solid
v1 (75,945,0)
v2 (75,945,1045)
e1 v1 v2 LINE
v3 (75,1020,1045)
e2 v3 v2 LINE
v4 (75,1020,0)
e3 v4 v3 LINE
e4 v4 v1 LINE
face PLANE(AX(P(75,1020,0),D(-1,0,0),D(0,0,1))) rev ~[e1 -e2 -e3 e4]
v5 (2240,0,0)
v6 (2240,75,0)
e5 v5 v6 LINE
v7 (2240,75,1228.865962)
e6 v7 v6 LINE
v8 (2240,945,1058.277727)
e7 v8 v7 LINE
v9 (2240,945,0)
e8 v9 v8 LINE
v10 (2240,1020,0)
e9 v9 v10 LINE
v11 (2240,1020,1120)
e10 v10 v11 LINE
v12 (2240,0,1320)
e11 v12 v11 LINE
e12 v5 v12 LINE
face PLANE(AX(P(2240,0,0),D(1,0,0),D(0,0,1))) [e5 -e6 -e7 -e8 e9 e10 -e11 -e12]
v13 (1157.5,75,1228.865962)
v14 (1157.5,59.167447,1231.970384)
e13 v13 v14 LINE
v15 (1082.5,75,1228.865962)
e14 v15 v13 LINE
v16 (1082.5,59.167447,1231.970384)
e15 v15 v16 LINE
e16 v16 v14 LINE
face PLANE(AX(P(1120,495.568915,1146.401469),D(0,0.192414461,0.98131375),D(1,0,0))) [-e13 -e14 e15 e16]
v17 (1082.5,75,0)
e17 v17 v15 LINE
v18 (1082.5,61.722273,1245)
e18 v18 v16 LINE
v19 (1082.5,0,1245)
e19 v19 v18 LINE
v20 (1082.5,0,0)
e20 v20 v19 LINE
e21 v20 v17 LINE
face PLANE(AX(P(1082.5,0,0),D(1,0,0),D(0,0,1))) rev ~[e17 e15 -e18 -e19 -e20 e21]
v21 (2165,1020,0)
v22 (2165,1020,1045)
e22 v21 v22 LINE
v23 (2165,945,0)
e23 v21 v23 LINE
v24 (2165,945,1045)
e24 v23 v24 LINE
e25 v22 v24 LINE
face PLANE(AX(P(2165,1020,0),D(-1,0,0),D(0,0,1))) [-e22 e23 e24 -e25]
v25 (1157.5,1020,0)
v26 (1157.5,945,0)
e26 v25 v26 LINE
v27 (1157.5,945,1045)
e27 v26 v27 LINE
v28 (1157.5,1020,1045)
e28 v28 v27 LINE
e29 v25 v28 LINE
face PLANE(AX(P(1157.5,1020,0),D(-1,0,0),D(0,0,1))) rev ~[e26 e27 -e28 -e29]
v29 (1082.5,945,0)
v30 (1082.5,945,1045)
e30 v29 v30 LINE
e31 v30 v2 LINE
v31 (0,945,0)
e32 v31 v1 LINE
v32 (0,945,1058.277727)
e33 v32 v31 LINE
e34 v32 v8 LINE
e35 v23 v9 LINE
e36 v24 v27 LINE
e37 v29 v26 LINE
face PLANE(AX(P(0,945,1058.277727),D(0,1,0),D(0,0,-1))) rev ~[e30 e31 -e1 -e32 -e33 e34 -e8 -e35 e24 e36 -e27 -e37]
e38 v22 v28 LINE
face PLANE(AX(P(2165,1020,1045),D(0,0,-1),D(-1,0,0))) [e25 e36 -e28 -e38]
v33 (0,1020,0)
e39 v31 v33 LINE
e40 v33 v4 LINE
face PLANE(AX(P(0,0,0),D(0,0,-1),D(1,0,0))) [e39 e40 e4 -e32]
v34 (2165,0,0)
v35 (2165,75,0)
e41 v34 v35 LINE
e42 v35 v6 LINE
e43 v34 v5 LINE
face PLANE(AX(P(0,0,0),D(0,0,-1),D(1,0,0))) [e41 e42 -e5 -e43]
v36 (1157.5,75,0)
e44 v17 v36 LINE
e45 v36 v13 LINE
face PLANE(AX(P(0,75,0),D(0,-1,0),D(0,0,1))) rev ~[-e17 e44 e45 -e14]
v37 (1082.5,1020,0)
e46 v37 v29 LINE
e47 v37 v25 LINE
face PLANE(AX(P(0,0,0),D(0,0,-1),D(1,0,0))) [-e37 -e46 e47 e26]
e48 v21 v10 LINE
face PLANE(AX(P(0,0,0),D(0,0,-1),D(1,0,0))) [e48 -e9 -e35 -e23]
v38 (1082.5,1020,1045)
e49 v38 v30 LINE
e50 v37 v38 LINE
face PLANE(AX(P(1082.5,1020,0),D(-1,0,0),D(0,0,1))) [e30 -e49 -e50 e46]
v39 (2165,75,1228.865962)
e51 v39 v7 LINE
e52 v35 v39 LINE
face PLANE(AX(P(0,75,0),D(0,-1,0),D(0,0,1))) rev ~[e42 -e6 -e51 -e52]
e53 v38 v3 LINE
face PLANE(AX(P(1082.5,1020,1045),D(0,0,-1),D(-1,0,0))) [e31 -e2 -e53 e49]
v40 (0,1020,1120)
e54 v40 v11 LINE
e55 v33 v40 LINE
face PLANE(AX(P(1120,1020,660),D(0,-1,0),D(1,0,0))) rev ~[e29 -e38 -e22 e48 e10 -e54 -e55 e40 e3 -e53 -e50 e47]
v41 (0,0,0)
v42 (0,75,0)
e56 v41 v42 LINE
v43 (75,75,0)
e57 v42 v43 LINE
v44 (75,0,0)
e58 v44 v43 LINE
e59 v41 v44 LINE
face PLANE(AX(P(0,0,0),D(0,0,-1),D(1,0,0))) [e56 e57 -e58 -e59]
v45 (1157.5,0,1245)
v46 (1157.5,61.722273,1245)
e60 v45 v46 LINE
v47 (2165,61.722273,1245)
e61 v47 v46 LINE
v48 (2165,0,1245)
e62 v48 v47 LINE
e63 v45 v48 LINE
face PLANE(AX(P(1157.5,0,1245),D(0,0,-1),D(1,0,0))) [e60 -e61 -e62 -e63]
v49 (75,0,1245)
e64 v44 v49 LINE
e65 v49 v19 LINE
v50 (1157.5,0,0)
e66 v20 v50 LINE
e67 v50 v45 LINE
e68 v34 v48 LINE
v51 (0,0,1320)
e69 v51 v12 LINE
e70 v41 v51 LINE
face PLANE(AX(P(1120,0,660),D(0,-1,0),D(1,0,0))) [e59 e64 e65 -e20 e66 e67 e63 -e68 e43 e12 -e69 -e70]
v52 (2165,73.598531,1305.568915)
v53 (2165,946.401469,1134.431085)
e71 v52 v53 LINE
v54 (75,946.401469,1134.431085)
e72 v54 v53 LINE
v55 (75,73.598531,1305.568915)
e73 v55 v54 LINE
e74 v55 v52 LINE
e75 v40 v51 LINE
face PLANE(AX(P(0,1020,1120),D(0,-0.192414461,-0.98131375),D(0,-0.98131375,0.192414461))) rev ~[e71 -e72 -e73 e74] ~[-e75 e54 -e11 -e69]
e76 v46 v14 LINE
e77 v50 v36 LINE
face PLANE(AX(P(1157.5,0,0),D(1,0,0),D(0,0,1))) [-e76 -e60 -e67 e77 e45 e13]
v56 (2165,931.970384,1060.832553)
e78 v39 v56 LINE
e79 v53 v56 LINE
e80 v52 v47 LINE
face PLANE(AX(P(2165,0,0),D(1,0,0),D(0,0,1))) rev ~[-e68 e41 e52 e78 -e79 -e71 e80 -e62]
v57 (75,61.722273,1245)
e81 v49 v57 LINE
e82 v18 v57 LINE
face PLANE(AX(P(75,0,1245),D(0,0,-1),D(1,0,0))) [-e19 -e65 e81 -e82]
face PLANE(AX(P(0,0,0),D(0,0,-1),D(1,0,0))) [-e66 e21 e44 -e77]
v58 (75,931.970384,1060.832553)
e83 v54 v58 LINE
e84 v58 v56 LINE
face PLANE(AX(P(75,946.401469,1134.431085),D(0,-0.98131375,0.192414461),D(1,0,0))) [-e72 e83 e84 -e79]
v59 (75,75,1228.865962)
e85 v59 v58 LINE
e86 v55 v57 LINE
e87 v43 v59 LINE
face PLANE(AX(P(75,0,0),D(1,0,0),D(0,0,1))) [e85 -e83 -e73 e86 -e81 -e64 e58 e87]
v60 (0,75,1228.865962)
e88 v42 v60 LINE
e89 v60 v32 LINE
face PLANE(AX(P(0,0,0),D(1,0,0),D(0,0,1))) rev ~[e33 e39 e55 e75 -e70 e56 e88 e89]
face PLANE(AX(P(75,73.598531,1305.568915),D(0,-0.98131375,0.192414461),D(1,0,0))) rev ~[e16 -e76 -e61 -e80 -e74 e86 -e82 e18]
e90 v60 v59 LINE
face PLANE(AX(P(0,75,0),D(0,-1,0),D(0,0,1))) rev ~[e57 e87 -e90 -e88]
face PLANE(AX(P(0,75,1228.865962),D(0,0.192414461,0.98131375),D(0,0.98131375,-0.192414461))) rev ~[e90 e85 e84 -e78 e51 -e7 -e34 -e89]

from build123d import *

# Parameters (mm, degrees)
F0_W      = 2240
F0_H      = 1320
F1_DEPTH  = 1020
F3_DEPTH  = 2240.001
F5_DEPTH  = 2240.001
F6_W      = 1007.5
F6_H      = 1045
F7_DEPTH  = 75
F8_W      = 1007.5
F8_H      = 1245
F9_DEPTH  = 75
F10_W     = 2090
F10_H     = 889.4229168149
F11_DEPTH = 75


with BuildPart() as f1:
    # F0 (on Front) → F1 (new body)
    with BuildSketch(Plane.XZ):
        with Locations((1120, 660)):
            Rectangle(F0_W, F0_H)
    extrude(amount=-F1_DEPTH)

    # F2 (on face) → F3 (cut, through all)
    with BuildSketch(Plane(origin=(0, 0, 0), x_dir=(0, -1, 0), z_dir=(-1, 0, 0))):
        Polygon((-1020, 1120), (0, 1320), (-1020, 1320), align=None)
    extrude(amount=-F3_DEPTH, mode=Mode.SUBTRACT)

    # F4 (on face) → F5 (cut, through all)
    with BuildSketch(Plane(origin=(0, 0, 0), x_dir=(0, -1, 0), z_dir=(-1, 0, 0))):
        Polygon((-945, 0), (-75, 0), (-75, 1228.8659619989), (-945, 1058.2777267048), align=None)
    extrude(amount=-F5_DEPTH, mode=Mode.SUBTRACT)

    # F6 (on face) → F7 (cut, through all)
    with BuildSketch(Plane(origin=(0, 1020, 0), x_dir=(-1, 0, 0), z_dir=(0, 1, 0))):
        with Locations((-1661.25, 522.5)):
            Rectangle(F6_W, F6_H)
        with Locations((-578.75, 522.5)):
            Rectangle(F6_W, F6_H)
    extrude(amount=-F7_DEPTH, mode=Mode.SUBTRACT)

    # F8 (on face) → F9 (cut)
    with BuildSketch(Plane.XZ):
        with Locations((578.75, 622.5)):
            Rectangle(F8_W, F8_H)
        with Locations((1661.25, 622.5)):
            Rectangle(F8_W, F8_H)
    extrude(amount=-F9_DEPTH, mode=Mode.SUBTRACT)

    # F10 (on face) → F11 (cut)
    with BuildSketch(Plane(origin=(0, 249.2410218438, 1271.1292114032), x_dir=(1, 0, 0), z_dir=(0, 0.1924144607, 0.9813137497))):
        with Locations((1120, 265.7243702557)):
            Rectangle(F10_W, F10_H)
    extrude(amount=-F11_DEPTH, mode=Mode.SUBTRACT)


solid = f1.part
